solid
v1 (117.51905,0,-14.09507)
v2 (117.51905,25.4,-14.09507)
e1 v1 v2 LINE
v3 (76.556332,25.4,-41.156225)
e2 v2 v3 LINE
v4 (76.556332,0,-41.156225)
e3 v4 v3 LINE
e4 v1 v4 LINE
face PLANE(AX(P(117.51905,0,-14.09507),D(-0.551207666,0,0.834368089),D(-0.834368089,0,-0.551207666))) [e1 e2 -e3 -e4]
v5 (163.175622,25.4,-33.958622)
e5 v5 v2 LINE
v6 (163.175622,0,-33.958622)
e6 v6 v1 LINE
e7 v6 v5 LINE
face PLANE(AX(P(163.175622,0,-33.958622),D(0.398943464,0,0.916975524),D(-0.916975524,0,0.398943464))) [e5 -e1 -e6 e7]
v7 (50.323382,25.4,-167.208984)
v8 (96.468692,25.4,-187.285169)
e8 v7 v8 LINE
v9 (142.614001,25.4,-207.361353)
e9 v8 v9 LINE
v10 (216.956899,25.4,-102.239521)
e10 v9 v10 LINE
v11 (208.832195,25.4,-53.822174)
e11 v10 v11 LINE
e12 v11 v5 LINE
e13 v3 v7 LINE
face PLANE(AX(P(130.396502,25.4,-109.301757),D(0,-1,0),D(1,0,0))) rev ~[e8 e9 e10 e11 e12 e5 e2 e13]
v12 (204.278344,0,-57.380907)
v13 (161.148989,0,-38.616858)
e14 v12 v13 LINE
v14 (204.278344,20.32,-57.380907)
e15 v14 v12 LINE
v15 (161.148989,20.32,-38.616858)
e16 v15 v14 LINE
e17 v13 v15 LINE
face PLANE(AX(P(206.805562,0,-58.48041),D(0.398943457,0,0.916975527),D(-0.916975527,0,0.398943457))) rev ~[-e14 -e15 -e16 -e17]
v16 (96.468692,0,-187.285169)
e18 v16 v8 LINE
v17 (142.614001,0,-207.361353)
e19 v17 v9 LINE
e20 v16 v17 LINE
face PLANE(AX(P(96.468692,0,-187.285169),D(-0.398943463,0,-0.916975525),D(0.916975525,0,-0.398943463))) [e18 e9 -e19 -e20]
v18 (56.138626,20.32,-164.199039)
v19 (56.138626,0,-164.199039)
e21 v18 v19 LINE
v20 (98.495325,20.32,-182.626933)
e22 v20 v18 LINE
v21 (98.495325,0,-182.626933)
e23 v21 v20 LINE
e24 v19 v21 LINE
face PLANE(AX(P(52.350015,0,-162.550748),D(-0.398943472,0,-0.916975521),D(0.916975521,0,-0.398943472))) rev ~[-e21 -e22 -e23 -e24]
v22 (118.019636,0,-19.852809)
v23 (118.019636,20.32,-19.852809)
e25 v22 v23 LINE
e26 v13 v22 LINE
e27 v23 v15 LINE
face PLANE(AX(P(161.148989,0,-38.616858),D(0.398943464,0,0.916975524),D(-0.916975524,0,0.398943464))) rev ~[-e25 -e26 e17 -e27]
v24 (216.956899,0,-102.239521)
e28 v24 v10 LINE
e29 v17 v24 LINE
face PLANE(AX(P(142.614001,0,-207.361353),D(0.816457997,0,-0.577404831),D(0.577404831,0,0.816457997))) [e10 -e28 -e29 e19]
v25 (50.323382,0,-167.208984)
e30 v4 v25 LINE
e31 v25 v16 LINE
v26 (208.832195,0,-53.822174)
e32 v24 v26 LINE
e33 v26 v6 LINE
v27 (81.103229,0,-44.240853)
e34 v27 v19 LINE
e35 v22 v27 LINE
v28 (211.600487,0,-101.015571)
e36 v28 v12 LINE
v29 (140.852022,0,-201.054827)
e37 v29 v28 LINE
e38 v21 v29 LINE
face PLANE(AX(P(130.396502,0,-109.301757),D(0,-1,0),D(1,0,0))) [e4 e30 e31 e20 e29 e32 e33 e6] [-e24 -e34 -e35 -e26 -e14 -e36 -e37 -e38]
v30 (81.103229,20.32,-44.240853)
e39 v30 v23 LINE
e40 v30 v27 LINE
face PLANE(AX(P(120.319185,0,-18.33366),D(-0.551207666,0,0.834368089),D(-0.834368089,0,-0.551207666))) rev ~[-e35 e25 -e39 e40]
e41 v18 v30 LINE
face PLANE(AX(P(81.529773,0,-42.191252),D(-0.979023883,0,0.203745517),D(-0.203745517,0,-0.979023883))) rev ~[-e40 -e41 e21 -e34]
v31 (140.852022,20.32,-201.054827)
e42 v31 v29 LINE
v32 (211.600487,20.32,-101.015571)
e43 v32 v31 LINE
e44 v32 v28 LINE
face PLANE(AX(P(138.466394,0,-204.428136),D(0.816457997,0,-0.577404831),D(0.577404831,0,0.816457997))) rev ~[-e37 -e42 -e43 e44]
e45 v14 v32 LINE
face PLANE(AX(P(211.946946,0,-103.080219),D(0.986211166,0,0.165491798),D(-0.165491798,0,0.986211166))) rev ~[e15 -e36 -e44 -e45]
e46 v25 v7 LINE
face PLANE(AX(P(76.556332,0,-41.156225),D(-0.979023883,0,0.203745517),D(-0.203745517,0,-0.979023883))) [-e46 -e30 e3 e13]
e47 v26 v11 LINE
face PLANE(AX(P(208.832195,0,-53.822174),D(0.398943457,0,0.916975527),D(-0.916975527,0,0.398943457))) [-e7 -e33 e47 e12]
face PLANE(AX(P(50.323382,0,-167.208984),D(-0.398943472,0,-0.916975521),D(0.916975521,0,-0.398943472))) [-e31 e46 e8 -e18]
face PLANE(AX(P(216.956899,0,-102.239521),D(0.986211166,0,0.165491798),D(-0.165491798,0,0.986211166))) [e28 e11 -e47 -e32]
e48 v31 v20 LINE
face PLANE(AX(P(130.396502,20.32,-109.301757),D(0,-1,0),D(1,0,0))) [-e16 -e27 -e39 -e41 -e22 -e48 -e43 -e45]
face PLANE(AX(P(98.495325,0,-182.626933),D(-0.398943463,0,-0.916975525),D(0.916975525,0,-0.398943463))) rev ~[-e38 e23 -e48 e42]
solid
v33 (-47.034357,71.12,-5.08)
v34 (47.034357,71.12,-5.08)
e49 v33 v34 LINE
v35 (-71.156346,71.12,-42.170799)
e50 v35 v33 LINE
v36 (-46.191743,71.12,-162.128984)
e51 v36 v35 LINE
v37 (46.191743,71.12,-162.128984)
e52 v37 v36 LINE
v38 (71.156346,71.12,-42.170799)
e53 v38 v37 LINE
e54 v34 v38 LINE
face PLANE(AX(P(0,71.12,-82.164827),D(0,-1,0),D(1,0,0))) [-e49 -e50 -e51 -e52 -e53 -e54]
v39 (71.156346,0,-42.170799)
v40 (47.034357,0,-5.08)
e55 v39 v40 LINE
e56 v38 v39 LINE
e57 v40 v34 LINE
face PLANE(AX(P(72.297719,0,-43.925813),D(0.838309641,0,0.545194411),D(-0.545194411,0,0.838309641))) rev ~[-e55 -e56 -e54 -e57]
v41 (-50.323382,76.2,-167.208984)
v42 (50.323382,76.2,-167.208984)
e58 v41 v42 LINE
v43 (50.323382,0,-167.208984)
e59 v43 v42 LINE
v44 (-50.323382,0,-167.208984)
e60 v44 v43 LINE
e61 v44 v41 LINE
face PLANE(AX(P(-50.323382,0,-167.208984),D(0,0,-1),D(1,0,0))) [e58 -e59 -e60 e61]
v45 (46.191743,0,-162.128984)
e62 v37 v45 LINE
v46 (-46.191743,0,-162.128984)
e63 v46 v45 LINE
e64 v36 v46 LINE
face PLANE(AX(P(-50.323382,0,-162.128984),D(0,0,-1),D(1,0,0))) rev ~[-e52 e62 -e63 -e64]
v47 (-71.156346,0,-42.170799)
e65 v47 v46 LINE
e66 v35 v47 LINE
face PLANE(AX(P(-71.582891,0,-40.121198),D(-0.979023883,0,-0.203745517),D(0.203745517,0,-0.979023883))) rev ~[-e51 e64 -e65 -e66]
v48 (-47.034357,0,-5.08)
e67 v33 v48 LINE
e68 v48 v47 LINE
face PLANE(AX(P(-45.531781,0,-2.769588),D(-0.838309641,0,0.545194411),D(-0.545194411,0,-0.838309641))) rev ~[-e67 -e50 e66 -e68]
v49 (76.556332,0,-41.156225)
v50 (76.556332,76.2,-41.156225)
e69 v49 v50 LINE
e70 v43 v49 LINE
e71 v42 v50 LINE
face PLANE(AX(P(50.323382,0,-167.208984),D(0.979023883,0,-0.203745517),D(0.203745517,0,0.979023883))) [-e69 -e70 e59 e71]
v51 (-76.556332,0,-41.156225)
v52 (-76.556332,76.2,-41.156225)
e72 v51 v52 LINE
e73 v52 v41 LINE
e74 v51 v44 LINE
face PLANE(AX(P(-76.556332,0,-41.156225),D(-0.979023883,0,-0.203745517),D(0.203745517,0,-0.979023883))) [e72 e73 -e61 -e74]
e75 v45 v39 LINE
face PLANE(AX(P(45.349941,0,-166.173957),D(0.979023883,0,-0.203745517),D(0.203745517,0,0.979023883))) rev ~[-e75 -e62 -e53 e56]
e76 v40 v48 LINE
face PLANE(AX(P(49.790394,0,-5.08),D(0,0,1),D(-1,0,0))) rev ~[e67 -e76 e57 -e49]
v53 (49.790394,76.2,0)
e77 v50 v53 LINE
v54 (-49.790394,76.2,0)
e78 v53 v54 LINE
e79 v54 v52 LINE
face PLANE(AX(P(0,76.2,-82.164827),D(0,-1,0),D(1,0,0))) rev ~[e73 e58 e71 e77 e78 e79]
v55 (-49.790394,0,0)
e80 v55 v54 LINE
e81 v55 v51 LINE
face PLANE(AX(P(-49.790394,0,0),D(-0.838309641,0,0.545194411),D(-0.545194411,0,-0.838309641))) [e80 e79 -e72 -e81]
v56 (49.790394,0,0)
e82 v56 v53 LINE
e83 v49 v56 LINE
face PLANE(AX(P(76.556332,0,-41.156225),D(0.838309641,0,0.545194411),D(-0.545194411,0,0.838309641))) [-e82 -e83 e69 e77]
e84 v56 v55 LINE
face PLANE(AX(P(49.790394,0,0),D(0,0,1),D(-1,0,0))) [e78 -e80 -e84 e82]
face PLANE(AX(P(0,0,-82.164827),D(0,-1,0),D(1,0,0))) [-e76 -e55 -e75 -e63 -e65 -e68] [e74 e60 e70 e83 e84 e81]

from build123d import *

# Parameters (mm, degrees)
F1_DEPTH = 76.2
F2_DEPTH = 25.4
F3_T     = -5.08
F4_T     = -5.08


with BuildPart() as f1:
    # F0 (on Front) → F1 (new body)
    with BuildSketch(Plane.XZ):
        Polygon((49.790394, 0), (0, 0), (-49.790394, 0), (-76.556332, -41.156225), (-50.323382, -167.208984), (0, -167.208984), (50.323382, -167.208984), (76.556332, -41.156225), align=None)
    extrude(amount=-F1_DEPTH)

    # F3
    f3_openings = [f1.faces().sort_by_distance(p)[0] for p in [
        (0, 0, -80.748341),
    ]]
    offset(amount=F3_T, openings=f3_openings)


with BuildPart() as f2:
    # F0 (on Front) → F2 (new body)
    with BuildSketch(Plane.XZ):
        Polygon((117.51905, -14.09507), (76.556332, -41.156225), (50.323382, -167.208984), (96.468692, -187.285169), (142.614001, -207.361353), (216.956899, -102.239521), (208.832195, -53.822174), (163.175622, -33.958622), align=None)
    extrude(amount=-F2_DEPTH)

    # F4
    f4_openings = [f2.faces().sort_by_distance(p)[0] for p in [
        (130.9616, 0, -108.002875),
    ]]
    offset(amount=F4_T, openings=f4_openings)


solid = Compound([f1.part, f2.part])
